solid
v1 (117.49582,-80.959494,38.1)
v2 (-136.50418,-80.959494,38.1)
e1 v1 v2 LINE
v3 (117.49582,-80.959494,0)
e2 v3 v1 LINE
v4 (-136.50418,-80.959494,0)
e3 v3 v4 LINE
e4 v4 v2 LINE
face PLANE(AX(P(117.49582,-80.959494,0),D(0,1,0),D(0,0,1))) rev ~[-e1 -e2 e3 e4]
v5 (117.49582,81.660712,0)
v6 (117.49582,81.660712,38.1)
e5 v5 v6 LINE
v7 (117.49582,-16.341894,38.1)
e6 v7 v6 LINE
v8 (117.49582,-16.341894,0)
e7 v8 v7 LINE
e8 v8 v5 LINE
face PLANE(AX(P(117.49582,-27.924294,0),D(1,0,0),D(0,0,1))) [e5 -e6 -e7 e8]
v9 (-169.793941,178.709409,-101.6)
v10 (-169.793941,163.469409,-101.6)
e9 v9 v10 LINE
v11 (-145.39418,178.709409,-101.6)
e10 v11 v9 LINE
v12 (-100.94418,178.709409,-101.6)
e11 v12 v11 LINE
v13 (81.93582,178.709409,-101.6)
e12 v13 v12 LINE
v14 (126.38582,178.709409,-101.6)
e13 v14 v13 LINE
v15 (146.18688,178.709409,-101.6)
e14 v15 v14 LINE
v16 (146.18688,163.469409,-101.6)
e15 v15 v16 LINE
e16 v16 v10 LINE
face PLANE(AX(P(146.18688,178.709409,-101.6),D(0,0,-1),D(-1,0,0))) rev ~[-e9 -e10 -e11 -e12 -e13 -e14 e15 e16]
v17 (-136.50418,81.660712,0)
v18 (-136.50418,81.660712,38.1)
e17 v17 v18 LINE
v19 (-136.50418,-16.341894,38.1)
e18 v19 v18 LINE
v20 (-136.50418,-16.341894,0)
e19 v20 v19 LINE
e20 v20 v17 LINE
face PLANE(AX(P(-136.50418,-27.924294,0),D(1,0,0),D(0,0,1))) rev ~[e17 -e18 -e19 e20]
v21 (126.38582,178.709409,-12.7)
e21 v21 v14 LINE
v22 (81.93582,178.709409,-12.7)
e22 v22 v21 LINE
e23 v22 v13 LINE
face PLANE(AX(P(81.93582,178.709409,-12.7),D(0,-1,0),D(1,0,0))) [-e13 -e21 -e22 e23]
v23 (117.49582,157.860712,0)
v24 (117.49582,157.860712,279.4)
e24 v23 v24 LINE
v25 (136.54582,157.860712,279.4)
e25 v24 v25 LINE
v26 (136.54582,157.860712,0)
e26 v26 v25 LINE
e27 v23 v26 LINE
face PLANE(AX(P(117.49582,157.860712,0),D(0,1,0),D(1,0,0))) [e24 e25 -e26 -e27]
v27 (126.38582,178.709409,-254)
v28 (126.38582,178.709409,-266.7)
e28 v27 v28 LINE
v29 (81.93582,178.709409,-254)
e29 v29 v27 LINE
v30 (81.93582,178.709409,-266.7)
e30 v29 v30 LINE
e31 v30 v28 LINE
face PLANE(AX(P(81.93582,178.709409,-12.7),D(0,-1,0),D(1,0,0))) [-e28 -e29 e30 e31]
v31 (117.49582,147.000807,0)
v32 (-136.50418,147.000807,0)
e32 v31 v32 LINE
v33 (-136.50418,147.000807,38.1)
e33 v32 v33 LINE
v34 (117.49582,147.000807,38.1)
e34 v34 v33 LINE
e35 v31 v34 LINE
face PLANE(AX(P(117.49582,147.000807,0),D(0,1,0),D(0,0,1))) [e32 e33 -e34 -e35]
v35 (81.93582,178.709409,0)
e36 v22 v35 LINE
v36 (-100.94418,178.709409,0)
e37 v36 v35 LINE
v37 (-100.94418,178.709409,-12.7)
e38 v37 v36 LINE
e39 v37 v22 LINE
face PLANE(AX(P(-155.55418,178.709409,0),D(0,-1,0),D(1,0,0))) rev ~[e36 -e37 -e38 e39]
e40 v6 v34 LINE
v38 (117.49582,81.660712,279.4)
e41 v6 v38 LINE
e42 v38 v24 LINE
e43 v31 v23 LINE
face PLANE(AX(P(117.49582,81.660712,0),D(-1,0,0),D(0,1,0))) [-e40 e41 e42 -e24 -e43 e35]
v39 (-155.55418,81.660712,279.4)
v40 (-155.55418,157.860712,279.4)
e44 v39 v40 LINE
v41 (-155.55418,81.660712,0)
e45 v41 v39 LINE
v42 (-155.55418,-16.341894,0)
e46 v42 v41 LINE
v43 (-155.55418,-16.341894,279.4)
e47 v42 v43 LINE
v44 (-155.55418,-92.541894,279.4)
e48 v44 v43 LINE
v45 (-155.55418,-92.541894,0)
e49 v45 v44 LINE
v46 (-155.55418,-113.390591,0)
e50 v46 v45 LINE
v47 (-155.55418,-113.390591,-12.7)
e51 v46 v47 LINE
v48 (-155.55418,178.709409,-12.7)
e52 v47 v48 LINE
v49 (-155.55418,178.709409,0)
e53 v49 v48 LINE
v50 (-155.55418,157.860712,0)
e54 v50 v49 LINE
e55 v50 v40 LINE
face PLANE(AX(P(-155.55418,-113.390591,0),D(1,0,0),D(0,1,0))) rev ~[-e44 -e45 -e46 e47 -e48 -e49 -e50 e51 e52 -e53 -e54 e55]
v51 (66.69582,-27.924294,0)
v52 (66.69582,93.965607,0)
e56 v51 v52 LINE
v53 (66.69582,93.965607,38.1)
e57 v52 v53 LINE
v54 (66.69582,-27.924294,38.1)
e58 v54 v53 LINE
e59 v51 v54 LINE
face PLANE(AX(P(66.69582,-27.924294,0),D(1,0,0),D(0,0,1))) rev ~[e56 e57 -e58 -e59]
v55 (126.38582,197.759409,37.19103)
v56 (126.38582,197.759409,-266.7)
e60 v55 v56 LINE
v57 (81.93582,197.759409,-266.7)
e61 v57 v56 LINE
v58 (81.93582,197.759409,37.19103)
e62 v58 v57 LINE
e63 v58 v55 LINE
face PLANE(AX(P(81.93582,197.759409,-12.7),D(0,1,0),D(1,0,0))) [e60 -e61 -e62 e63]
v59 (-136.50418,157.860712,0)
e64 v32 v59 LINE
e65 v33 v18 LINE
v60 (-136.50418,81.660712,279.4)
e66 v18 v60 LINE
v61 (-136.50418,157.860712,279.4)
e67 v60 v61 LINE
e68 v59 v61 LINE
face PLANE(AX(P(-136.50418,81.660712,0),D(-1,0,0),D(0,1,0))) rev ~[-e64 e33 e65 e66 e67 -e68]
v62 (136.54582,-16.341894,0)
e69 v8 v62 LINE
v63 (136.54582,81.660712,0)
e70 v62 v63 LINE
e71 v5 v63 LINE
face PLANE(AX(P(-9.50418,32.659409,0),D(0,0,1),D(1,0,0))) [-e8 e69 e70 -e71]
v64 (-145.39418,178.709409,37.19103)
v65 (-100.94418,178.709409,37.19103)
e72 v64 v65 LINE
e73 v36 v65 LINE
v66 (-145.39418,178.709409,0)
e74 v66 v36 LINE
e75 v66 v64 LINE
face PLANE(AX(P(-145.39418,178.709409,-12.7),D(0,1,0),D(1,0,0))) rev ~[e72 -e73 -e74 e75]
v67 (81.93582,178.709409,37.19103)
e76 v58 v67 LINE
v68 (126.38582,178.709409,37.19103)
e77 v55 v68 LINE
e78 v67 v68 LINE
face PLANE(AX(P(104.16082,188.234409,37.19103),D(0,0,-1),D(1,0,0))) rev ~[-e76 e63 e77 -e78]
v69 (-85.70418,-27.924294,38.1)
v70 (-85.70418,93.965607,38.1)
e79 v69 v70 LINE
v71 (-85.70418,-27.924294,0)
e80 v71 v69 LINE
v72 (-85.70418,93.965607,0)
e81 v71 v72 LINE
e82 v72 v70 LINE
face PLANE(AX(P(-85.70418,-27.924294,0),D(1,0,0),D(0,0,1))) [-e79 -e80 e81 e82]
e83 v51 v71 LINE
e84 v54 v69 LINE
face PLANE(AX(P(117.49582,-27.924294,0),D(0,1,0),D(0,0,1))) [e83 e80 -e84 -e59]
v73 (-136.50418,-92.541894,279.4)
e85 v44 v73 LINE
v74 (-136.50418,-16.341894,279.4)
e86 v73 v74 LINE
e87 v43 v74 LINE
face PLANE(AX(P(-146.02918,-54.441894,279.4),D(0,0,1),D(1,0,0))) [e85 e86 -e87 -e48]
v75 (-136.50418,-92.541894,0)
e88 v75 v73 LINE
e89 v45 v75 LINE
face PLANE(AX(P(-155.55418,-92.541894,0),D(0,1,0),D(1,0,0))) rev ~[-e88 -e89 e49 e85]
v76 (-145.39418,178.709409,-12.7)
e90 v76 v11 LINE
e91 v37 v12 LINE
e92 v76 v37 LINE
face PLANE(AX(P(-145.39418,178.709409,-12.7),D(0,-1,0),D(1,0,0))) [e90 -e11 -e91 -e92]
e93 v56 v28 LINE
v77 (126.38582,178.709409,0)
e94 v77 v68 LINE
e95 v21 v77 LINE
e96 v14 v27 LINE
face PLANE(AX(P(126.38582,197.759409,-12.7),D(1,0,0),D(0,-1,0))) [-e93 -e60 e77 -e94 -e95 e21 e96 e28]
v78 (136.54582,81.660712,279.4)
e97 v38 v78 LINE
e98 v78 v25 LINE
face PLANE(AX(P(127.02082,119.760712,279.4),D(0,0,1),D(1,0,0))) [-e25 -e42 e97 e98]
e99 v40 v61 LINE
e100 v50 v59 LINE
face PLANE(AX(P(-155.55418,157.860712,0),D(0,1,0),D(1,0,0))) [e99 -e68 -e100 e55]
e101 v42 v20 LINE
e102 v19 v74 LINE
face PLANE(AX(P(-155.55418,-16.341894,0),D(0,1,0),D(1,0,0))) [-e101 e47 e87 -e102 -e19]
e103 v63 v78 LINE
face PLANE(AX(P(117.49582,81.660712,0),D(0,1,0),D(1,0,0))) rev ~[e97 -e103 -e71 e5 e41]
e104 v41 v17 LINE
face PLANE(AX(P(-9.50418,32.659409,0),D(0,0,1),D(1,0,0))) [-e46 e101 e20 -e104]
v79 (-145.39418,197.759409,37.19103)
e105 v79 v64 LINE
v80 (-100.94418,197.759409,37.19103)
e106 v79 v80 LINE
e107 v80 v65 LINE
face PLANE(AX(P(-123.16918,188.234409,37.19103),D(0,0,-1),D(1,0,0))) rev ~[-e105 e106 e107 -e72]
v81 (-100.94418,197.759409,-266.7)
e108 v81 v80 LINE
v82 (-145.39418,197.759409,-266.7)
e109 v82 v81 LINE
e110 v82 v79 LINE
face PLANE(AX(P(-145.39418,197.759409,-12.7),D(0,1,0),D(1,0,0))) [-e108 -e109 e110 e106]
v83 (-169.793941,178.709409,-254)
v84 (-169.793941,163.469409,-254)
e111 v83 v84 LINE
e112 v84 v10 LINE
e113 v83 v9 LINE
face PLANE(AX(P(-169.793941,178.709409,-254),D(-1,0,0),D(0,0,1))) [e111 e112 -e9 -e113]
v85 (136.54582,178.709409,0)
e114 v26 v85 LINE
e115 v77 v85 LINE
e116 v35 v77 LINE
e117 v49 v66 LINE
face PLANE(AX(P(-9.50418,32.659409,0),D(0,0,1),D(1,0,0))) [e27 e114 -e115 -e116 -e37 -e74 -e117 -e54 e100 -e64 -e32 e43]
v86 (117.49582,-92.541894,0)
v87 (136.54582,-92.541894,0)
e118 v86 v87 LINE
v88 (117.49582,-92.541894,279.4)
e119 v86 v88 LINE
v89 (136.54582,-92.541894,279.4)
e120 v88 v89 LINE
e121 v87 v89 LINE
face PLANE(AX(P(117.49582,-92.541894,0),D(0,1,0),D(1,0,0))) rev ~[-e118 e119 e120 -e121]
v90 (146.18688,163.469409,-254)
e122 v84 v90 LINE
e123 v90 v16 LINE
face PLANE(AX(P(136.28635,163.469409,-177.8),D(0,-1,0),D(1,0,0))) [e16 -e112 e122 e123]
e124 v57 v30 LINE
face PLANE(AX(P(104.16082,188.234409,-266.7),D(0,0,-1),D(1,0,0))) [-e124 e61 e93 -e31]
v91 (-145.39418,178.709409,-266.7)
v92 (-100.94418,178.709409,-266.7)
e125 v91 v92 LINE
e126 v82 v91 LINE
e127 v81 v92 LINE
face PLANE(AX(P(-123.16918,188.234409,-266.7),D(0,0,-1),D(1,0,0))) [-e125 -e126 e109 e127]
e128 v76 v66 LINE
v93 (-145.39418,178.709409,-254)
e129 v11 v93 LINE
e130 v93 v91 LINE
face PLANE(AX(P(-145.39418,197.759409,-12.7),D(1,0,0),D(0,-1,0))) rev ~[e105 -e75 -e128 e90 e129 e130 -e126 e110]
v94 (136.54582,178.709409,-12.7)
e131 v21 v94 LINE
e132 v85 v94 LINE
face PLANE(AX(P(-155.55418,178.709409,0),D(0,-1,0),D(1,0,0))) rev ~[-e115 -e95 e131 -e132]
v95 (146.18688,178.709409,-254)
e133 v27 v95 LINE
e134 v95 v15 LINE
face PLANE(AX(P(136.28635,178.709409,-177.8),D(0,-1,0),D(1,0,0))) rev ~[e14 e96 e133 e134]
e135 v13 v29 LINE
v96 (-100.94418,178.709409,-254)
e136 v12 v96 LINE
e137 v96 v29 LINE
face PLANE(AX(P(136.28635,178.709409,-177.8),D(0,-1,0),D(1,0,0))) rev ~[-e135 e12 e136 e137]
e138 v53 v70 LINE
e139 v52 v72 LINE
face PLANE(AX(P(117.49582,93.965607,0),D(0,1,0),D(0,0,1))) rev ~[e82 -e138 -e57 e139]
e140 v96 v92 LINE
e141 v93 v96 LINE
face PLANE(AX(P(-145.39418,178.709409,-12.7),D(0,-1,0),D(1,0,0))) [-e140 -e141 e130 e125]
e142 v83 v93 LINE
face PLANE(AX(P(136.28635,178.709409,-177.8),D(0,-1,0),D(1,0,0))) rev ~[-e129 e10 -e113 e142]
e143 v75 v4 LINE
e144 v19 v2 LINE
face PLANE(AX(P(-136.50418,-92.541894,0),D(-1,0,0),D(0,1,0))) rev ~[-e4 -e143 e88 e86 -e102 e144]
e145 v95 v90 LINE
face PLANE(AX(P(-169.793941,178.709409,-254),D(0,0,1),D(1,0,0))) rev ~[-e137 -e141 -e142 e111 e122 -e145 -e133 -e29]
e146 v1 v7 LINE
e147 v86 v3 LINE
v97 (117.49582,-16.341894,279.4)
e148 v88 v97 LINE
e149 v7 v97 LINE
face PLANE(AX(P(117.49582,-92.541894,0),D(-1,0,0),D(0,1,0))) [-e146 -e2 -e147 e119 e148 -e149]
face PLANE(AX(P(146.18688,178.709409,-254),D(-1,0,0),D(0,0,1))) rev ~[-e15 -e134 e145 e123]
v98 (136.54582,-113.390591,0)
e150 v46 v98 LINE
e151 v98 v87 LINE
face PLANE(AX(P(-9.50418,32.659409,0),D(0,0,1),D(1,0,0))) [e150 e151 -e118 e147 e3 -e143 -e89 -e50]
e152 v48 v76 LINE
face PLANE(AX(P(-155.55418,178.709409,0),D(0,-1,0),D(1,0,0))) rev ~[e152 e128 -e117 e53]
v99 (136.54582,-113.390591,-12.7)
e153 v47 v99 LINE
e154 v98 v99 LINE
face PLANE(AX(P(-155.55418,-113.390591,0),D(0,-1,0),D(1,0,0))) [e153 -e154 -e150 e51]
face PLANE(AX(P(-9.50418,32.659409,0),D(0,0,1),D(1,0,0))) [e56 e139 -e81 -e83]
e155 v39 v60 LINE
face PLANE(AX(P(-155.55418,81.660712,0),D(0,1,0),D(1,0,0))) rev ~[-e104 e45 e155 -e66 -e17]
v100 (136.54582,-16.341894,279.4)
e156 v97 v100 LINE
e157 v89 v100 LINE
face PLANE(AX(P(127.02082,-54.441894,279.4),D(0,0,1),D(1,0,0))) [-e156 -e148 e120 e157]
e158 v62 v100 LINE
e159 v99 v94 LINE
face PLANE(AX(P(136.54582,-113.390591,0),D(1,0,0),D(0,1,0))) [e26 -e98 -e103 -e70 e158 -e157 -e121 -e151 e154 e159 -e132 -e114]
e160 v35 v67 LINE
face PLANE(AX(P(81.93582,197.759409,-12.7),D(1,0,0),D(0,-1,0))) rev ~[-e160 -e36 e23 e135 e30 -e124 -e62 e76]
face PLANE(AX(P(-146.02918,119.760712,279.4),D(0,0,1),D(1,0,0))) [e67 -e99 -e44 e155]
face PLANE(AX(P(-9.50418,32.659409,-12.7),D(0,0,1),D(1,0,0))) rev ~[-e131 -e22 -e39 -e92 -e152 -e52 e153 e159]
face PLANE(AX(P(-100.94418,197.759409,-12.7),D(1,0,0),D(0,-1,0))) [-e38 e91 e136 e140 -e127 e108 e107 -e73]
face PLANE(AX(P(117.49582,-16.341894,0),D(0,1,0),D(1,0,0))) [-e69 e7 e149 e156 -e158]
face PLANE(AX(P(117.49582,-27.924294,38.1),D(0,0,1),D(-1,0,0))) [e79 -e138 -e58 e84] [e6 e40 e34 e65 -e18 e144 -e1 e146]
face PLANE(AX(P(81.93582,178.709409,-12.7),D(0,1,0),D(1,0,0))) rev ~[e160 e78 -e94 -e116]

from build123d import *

# Parameters (mm, degrees)
F0_W           = 292.1
F0_H           = 292.1
F1_DEPTH       = 12.7
F3_W           = 19.05
F3_H           = 76.2
F4_DEPTH       = 279.4
F6_W           = 53.0352
F6_H           = 38.1
F7_DEPTH       = 254
F9_W           = 50.8
F9_H           = 38.1
F10_DEPTH      = 121.8899004574
F11_W          = 44.45
F11_H          = 19.05
F12_DEPTH      = 254
F12_DEPTH_BACK = 49.89103
F13_W          = 19.8010608381
F13_H          = 152.4
F13_W_2        = 44.45
F13_W_3        = 251.7297603481
F14_DEPTH      = 15.24


with BuildPart() as f1:
    # F0 (on Top) → F1 (new body)
    with BuildSketch(Plane.XY):
        with Locations((-9.5041804016, 32.6594091807)):
            Rectangle(F0_W, F0_H)
    extrude(amount=-F1_DEPTH)

    # F3 (on face) → F4 (join)
    with BuildSketch(Plane.XY):
        with Locations((127.0208195984, -54.4418936728)):
            Rectangle(F3_W, F3_H)
        with Locations((127.0208195984, 119.7607120342)):
            Rectangle(F3_W, F3_H)
        with Locations((-146.0291804016, -54.4418936728)):
            Rectangle(F3_W, F3_H)
        with Locations((-146.0291804016, 119.7607120342)):
            Rectangle(F3_W, F3_H)
    extrude(amount=F4_DEPTH)

    # F6 (on face) → F7 (join, through all)
    with BuildSketch(Plane(origin=(117.4958195984, 0, 0), x_dir=(0, -1, 0), z_dir=(-1, 0, 0))):
        with Locations((54.4418936728, 19.05)):
            Rectangle(F6_W, F6_H)
        with Locations((-120.4832067846, 19.05)):
            Rectangle(F6_W, F6_H)
    extrude(amount=F7_DEPTH)

    # F9 (on face) → F10 (join, through all)
    with BuildSketch(Plane(origin=(0, -27.9242936728, 0), x_dir=(-1, 0, 0), z_dir=(0, 1, 0))):
        with Locations((-92.0958195984, 19.05)):
            Rectangle(F9_W, F9_H)
        with Locations((111.1041804016, 19.05)):
            Rectangle(F9_W, F9_H)
    extrude(amount=F10_DEPTH)

    # F11 (on face) → F12 (join, two sides)
    with BuildSketch(Plane(origin=(0, 0, -12.7), x_dir=(1, 0, 0), z_dir=(0, 0, -1))) as f12_sk:
        with Locations((104.1608195984, -188.2344091807)):
            Rectangle(F11_W, F11_H)
        with Locations((-123.1691804016, -188.2344091807)):
            Rectangle(F11_W, F11_H)
    extrude(amount=F12_DEPTH)
    extrude(f12_sk.sketch, amount=-F12_DEPTH_BACK)

    # F13 (on face) → F14 (join)
    with BuildSketch(Plane.XZ.offset(-178.7094091807)):
        with Locations((136.2863500175, -177.8)):
            Rectangle(F13_W, F13_H)
        with Locations((104.1608195984, -177.8)):
            Rectangle(F13_W_2, F13_H)
        with Locations((-43.9290605756, -177.8)):
            Rectangle(F13_W_3, F13_H)
    extrude(amount=F14_DEPTH)


solid = f1.part
